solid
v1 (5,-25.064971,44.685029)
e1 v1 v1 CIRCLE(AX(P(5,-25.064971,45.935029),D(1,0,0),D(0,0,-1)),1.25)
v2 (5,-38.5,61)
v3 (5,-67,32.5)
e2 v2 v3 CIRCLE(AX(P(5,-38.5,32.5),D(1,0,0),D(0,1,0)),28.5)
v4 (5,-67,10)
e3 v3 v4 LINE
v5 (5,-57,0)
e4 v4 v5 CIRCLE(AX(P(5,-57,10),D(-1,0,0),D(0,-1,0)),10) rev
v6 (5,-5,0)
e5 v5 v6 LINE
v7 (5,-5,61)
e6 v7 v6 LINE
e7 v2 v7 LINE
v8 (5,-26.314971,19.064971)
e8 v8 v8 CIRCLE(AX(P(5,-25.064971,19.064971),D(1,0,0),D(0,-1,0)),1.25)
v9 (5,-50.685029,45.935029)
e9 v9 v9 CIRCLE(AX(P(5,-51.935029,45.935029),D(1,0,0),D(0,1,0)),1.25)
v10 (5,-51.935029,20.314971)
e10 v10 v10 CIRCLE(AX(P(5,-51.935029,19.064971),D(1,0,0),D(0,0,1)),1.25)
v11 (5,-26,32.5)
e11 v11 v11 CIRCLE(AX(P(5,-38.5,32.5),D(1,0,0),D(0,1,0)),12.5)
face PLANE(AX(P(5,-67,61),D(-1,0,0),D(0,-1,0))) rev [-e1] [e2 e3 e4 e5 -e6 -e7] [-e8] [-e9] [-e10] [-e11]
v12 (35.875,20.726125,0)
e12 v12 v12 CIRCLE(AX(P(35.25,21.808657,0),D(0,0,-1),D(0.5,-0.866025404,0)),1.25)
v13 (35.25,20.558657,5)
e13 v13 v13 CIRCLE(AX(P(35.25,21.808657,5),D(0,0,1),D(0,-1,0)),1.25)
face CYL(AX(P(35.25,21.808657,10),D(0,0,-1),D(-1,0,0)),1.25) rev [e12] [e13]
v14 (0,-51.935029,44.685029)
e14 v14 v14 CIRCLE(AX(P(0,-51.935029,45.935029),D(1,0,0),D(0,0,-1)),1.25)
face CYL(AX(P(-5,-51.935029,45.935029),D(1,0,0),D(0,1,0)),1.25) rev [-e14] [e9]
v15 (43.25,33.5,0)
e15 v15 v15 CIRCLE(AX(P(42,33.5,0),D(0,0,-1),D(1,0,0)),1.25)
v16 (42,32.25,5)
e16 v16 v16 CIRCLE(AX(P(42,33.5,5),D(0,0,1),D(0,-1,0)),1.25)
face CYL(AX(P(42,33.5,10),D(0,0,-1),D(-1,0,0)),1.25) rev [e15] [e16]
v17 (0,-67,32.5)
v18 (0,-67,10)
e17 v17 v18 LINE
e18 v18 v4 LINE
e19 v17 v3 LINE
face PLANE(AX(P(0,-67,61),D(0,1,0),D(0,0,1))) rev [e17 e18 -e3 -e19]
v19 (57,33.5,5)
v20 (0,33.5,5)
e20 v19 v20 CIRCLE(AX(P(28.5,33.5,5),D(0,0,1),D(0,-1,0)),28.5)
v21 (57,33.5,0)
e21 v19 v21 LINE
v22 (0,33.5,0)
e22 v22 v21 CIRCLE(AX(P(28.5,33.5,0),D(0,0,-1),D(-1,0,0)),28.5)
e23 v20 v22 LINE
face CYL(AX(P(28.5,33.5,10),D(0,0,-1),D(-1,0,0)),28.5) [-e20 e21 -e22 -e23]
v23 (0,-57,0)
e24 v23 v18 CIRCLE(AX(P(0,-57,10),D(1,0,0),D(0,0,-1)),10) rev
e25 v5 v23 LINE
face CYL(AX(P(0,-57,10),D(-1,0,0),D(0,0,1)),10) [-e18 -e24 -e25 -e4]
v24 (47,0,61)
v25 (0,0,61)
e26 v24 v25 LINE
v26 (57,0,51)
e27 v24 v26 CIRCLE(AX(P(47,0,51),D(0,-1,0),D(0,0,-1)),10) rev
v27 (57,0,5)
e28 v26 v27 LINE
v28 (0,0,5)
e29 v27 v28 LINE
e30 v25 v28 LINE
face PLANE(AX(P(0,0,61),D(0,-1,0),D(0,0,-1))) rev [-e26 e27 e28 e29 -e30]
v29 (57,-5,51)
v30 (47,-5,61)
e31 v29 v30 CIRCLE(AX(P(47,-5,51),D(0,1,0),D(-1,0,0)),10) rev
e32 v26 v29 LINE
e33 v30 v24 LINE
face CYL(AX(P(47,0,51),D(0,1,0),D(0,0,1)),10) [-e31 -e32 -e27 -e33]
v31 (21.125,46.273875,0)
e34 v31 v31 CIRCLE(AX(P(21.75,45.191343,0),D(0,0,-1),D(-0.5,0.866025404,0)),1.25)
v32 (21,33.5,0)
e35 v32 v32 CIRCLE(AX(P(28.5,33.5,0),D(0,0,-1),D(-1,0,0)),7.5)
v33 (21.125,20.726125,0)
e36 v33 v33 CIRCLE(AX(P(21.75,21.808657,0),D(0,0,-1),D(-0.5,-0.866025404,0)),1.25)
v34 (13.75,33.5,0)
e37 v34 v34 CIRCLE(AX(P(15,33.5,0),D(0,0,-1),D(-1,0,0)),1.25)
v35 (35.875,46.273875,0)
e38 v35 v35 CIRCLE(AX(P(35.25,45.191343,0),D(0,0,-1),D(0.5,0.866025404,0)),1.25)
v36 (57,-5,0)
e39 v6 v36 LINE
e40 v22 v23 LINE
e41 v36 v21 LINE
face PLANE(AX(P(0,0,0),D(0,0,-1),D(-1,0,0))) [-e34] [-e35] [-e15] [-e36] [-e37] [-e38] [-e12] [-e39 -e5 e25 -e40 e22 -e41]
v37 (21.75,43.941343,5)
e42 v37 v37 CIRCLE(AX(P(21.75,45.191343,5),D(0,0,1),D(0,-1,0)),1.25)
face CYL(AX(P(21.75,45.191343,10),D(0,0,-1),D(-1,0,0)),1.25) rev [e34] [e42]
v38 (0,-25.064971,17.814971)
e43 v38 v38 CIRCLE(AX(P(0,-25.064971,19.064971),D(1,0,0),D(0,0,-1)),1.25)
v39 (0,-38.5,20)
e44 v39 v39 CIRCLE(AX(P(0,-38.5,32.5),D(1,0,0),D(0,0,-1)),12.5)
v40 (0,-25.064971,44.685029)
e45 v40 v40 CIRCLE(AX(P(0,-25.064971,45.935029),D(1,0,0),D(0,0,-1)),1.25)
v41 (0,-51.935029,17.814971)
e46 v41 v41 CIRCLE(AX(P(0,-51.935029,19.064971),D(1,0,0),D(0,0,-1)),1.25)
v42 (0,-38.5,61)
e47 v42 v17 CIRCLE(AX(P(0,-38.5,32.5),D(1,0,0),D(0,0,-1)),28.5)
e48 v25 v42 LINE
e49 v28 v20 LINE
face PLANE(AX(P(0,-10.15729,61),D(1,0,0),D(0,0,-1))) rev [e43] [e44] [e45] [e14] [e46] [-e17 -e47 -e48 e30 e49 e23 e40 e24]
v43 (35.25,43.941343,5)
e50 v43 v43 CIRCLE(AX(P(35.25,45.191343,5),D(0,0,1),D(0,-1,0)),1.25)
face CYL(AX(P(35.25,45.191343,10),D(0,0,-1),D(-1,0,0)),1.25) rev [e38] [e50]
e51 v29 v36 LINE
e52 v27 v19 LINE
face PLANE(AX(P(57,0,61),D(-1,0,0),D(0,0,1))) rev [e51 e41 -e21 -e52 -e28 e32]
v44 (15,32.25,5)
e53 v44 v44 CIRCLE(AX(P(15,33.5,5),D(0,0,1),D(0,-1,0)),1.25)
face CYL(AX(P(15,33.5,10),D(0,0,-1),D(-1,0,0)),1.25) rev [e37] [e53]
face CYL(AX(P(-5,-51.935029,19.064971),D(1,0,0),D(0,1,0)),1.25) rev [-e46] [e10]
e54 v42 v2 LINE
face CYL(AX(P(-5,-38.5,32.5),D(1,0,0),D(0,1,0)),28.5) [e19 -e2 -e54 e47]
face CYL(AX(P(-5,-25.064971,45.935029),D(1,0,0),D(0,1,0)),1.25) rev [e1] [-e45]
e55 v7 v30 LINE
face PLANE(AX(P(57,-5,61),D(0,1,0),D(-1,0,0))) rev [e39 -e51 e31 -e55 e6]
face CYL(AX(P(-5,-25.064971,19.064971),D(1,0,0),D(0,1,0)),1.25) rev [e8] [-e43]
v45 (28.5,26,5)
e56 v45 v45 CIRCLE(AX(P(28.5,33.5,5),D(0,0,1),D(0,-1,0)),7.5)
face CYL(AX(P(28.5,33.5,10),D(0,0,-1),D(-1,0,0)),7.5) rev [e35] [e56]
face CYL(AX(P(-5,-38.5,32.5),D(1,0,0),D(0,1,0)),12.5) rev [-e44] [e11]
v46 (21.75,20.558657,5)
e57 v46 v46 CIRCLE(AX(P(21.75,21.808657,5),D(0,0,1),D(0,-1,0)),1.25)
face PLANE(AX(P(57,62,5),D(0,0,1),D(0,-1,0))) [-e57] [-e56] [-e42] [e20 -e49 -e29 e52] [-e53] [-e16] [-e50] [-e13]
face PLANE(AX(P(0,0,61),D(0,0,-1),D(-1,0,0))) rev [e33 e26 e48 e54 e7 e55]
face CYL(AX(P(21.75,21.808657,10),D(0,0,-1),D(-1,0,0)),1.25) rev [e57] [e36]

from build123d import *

# Parameters (mm, degrees)
EXTRUDE_1_DEPTH          = 61
SKETCH_3_W               = 5
SKETCH_3_H               = 62
EXTRUDE_2_DEPTH          = 57
CUT_EXTRUDE_11_DEPTH     = 10
SKETCH_16_R              = 7.5
SKETCH_16_R_2            = 1.25
CUT_EXTRUDE_12_DEPTH     = 10
PATTERN_CIRCULAR_7_COUNT = 6
CUT_EXTRUDE_13_DEPTH     = 10
FILLET_2_R               = 10
SKETCH_18_R              = 12.5
SKETCH_18_R_2            = 1.25
CUT_EXTRUDE_14_DEPTH     = 10
PATTERN_CIRCULAR_8_COUNT = 4


with BuildPart() as part:
    # 草图1 → 凸台-拉伸1 (new body)
    with BuildSketch(Plane.XY):
        Polygon((0, 0), (57, 0), (57, -5), (5, -5), (5, -67), (0, -67), (0, -10.157289975), align=None)
    extrude(amount=EXTRUDE_1_DEPTH)

    # 草图3 → 凸台-拉伸2 (add)
    with BuildSketch(Plane.ZY):
        with Locations((2.5, 31)):
            Rectangle(SKETCH_3_W, SKETCH_3_H)
    extrude(amount=-EXTRUDE_2_DEPTH)

    # 草图15 → 切除-拉伸11 (cut)
    with BuildSketch(Plane(origin=(0, 0, 0), x_dir=(-1, 0, 0), z_dir=(0, 0, -1))):
        with BuildLine():
            ThreePointArc((-57, 33.5), (-48.652543264, 53.652543264), (-28.5, 62))
            Line((-28.5, 62), (-57, 62))
            Line((-57, 62), (-57, 33.5))
        make_face()
        with BuildLine():
            Line((0, 33.5), (0, 62))
            Line((0, 62), (-28.5, 62))
            ThreePointArc((-28.5, 62), (-8.347456736, 53.652543264), (0, 33.5))
        make_face()
    extrude(amount=-CUT_EXTRUDE_11_DEPTH, mode=Mode.SUBTRACT)

    # 草图16 → 切除-拉伸12 (cut)
    with BuildSketch(Plane(origin=(0, 0, 0), x_dir=(-1, 0, 0), z_dir=(0, 0, -1))):
        with Locations((-28.5, 33.5)):
            Circle(SKETCH_16_R)
        with Locations((-15, 33.5)):
            Circle(SKETCH_16_R_2)
    cut_extrude_12 = extrude(amount=-CUT_EXTRUDE_12_DEPTH, mode=Mode.SUBTRACT)

    # 阵列(圆周)7: 切除-拉伸12 ×6 about axis
    pattern_circular_7_axis = Axis((28.5, 33.5, 0), (0, 0, 1))
    for i in range(1, PATTERN_CIRCULAR_7_COUNT):
        add(cut_extrude_12.rotate(pattern_circular_7_axis, i * 360 / PATTERN_CIRCULAR_7_COUNT), mode=Mode.SUBTRACT)

    # 草图17 → 切除-拉伸13 (cut)
    with BuildSketch(Plane(origin=(5, 0, 0), x_dir=(0, 0, -1), z_dir=(1, 0, 0))):
        with BuildLine():
            Line((-61, -38.5), (-61, -67))
            Line((-61, -67), (-32.5, -67))
            ThreePointArc((-32.5, -67), (-52.652543264, -58.652543264), (-61, -38.5))
        make_face()
    extrude(amount=-CUT_EXTRUDE_13_DEPTH, mode=Mode.SUBTRACT)

    # 圆角2
    fillet_2_edges = [part.edges().sort_by_distance(p)[0] for p in [
        (57, -2.5, 61),
        (2.5, -67, 0),
    ]]
    fillet(fillet_2_edges, radius=FILLET_2_R)

    # 草图18 → 切除-拉伸14 (cut)
    with BuildSketch(Plane(origin=(5, 0, 0), x_dir=(0, 0, -1), z_dir=(1, 0, 0))):
        with Locations(Location((-32.5, -38.5, 0), (0, 0, 90))):
            Circle(SKETCH_18_R)
        with Locations(Location((-45.935028843, -51.935028843, 0), (0, 0, 90))):
            Circle(SKETCH_18_R_2)
    cut_extrude_14 = extrude(amount=-CUT_EXTRUDE_14_DEPTH, mode=Mode.SUBTRACT)

    # 阵列(圆周)8: 切除-拉伸14 ×4 about axis
    pattern_circular_8_axis = Axis((0, -38.5, 32.5), (1, 0, 0))
    for i in range(1, PATTERN_CIRCULAR_8_COUNT):
        add(cut_extrude_14.rotate(pattern_circular_8_axis, i * 360 / PATTERN_CIRCULAR_8_COUNT), mode=Mode.SUBTRACT)


solid = part.part
